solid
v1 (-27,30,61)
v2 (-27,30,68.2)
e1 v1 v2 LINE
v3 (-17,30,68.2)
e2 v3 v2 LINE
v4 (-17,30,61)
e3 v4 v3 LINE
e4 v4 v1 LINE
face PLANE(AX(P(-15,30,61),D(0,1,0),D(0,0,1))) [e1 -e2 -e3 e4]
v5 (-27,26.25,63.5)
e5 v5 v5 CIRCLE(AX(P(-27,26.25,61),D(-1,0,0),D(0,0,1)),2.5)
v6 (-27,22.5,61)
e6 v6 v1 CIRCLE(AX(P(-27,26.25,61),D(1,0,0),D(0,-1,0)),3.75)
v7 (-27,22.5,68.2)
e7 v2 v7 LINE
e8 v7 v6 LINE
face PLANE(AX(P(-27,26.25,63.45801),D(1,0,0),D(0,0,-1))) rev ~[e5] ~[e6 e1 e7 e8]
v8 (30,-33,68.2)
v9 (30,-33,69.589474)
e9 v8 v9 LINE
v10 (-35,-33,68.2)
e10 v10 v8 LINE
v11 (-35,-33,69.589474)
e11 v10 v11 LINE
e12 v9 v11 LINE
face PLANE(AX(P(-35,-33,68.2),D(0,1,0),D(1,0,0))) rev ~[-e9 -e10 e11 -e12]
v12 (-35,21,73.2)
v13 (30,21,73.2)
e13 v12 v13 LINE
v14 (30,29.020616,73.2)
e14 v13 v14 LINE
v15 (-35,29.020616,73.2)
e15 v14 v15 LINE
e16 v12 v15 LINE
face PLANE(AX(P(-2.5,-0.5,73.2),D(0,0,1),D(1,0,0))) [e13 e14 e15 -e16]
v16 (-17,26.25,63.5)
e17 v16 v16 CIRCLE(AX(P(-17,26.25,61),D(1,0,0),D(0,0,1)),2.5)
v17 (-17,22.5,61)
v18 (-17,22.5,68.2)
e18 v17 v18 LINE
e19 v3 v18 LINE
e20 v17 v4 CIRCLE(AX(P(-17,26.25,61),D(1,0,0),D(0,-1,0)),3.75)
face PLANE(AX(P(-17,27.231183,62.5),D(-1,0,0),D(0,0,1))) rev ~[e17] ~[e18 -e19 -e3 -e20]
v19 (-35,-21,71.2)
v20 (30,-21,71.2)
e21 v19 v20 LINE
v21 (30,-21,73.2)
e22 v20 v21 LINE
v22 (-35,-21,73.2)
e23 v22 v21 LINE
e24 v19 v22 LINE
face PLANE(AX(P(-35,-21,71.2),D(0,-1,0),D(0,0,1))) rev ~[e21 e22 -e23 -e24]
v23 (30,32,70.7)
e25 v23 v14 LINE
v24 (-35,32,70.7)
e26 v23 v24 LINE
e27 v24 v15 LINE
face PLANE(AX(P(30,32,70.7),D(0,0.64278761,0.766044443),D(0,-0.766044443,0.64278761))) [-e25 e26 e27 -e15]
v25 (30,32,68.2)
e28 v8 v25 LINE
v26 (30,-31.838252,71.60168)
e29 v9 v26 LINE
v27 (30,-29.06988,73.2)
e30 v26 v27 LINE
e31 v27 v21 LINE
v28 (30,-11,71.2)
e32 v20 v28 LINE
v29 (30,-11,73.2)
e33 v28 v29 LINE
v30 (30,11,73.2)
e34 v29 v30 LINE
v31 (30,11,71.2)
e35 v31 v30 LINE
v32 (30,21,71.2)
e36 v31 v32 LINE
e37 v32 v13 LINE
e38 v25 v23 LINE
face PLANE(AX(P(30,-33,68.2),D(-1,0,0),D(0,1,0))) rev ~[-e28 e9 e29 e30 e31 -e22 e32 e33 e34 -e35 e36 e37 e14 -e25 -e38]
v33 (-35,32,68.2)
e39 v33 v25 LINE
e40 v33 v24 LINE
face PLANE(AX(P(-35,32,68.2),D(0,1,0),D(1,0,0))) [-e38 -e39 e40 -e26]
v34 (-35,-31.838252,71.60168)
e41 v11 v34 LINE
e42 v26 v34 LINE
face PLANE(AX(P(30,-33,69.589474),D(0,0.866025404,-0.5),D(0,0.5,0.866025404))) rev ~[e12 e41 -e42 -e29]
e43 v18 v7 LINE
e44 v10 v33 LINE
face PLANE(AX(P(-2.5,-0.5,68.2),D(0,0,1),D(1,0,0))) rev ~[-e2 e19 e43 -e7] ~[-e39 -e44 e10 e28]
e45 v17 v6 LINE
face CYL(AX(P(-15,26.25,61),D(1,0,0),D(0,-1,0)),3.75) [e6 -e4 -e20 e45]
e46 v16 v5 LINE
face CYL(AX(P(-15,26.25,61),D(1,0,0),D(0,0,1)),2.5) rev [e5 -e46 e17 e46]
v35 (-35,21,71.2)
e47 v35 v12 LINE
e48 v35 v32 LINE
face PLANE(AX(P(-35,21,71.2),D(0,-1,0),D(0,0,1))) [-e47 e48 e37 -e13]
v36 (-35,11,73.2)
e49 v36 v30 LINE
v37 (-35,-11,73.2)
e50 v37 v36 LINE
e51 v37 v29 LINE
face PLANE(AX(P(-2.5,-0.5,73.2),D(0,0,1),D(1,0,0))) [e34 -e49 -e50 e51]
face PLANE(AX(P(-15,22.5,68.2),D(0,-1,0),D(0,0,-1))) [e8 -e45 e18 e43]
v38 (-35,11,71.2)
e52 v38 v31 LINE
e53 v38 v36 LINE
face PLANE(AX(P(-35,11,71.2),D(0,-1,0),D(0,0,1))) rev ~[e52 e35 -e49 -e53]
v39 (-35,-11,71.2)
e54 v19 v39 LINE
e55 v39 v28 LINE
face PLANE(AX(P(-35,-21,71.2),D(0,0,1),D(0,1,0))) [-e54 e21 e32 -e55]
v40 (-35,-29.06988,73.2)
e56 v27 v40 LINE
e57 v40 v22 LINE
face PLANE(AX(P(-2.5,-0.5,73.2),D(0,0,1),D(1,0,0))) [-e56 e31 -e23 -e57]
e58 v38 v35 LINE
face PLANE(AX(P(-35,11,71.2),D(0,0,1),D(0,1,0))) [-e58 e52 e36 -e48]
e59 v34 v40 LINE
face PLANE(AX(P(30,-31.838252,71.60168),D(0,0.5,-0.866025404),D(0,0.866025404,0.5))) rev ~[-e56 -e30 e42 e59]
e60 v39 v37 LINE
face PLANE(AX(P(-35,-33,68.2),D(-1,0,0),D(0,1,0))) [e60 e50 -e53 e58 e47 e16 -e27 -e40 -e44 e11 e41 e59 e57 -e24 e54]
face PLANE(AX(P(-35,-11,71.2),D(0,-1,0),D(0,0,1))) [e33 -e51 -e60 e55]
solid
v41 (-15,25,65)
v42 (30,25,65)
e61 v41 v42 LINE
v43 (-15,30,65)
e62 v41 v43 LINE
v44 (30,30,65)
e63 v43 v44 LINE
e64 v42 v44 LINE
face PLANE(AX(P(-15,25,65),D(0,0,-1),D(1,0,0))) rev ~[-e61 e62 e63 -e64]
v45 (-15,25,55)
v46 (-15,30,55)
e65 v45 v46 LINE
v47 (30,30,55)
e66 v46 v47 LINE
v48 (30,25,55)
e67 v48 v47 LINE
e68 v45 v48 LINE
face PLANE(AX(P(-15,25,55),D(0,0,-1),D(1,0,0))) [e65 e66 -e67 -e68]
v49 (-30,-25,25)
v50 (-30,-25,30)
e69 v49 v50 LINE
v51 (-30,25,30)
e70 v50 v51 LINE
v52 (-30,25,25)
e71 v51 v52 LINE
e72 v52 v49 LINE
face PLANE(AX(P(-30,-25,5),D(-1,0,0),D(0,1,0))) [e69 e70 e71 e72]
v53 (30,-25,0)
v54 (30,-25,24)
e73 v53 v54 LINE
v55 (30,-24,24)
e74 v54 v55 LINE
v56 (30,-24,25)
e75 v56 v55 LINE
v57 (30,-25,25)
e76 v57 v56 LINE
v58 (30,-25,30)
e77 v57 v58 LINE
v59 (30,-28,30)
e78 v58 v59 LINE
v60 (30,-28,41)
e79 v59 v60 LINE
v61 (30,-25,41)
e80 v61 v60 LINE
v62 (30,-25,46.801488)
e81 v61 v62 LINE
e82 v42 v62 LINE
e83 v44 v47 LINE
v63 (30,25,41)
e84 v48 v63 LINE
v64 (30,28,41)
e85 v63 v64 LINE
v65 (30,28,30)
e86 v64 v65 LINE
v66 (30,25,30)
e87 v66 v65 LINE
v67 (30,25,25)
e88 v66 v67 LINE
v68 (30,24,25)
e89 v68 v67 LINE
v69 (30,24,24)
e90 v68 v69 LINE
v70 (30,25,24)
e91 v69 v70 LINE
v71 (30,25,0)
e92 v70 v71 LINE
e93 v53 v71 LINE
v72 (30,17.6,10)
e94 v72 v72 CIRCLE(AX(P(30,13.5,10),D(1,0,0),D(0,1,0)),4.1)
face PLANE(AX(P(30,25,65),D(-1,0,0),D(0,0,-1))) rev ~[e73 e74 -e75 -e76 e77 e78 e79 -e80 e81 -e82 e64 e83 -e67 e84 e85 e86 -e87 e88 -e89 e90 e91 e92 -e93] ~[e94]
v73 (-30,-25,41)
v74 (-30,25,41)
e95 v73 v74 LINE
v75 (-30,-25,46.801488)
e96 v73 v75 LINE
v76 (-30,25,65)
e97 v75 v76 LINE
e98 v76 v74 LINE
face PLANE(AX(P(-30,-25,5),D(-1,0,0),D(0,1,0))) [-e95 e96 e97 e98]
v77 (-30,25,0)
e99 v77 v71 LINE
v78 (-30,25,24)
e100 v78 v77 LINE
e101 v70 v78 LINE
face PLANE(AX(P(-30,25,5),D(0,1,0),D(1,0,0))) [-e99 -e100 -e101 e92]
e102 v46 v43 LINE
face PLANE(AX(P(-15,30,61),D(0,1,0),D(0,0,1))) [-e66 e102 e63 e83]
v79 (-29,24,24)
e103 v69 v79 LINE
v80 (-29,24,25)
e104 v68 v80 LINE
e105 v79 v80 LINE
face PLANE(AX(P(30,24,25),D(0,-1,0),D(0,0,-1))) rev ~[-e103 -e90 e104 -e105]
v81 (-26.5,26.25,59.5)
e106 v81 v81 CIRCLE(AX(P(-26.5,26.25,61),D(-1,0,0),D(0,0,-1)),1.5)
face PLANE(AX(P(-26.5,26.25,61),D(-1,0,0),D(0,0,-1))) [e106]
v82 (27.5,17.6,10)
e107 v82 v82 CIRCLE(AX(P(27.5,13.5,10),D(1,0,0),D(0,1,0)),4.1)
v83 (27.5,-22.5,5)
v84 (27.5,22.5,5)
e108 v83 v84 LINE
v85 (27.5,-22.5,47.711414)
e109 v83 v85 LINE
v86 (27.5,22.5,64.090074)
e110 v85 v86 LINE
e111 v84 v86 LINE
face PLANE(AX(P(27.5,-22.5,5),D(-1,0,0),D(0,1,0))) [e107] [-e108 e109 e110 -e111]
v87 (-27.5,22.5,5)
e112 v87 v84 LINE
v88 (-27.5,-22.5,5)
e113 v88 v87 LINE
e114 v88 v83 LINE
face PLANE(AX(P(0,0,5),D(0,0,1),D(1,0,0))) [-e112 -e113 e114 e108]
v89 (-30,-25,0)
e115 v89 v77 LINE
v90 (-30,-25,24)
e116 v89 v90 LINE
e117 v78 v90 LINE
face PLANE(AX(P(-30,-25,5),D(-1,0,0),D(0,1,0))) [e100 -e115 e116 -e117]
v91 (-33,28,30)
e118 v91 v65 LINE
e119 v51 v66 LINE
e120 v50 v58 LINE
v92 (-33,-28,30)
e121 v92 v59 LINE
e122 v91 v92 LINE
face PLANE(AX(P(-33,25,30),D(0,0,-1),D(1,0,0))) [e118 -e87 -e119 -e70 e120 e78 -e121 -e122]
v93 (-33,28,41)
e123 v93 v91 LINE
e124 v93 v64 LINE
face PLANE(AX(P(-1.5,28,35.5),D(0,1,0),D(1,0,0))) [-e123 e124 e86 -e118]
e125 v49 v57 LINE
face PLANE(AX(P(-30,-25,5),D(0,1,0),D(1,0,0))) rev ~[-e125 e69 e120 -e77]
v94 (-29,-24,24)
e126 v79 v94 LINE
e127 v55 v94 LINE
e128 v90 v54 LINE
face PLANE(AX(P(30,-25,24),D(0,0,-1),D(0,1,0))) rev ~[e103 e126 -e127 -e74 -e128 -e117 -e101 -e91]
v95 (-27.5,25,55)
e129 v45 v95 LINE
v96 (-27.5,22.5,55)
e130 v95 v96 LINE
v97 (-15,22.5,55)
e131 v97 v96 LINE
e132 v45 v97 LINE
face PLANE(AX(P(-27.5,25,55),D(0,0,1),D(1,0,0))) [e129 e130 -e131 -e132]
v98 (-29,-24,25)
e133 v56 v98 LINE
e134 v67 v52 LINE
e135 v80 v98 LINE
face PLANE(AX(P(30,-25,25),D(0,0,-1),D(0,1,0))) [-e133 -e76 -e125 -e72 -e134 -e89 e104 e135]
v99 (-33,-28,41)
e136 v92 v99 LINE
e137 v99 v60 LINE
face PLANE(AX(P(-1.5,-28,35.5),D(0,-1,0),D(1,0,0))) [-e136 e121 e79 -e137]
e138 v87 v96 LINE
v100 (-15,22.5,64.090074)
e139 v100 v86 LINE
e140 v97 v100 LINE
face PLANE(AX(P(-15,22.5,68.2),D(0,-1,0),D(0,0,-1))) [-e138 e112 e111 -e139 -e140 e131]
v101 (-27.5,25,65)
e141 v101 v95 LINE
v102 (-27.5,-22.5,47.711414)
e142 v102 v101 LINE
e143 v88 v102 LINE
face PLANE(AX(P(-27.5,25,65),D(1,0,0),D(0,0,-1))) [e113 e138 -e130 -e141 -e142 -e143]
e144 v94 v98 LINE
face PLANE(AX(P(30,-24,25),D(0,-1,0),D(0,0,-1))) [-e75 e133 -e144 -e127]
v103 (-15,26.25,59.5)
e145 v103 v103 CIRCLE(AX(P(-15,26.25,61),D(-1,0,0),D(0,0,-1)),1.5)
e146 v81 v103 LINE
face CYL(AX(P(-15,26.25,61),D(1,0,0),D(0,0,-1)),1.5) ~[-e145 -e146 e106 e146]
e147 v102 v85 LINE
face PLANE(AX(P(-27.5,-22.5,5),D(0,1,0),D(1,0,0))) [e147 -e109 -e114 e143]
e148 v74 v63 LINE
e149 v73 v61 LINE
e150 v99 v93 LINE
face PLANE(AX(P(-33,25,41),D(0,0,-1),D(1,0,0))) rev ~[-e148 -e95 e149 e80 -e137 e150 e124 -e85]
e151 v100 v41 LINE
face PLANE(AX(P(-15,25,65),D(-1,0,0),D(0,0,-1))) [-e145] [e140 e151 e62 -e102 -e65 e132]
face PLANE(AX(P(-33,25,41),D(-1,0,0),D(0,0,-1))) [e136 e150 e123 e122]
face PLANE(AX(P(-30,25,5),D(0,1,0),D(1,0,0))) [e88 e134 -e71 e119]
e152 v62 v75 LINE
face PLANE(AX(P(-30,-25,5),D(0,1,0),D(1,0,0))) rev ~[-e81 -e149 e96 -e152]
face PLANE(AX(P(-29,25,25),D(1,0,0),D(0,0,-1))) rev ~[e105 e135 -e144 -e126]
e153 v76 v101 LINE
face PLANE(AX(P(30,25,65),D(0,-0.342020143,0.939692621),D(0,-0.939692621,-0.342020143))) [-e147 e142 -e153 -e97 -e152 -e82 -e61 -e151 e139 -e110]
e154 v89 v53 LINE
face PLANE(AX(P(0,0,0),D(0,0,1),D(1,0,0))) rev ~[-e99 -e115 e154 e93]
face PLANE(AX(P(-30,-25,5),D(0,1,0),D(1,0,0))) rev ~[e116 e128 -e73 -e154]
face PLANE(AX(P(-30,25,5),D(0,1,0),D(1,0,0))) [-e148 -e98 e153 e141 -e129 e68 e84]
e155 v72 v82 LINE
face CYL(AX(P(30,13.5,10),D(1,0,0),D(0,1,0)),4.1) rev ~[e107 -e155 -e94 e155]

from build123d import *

# Parameters (mm, degrees)
CROQUIS2_W               = 60
CROQUIS2_H               = 50
SALIENTE_EXTRUIR2_DEPTH  = 5
CROQUIS3_W               = 60
CROQUIS3_H               = 50
CROQUIS3_W_2             = 55
CROQUIS3_H_2             = 45
SALIENTE_EXTRUIR3_DEPTH  = 60
CROQUIS4_R               = 4.1
CORTAR_EXTRUIR2_DEPTH    = 5
CORTAR_EXTRUIR3_DEPTH    = 92.923881554
CROQUIS18_W              = 11
CROQUIS18_H              = 50
SALIENTE_EXTRUIR10_DEPTH = 3
CROQUIS19_W              = 63
CROQUIS19_H              = 11
SALIENTE_EXTRUIR11_DEPTH = 3
CROQUIS20_W              = 63
CROQUIS20_H              = 11
SALIENTE_EXTRUIR12_DEPTH = 3
CROQUIS21_W              = 1
CROQUIS21_H              = 1
CORTAR_EXTRUIR8_DEPTH    = 65
CROQUIS23_W              = 1
CROQUIS23_H              = 1
CORTAR_EXTRUIR10_DEPTH   = 65
CROQUIS22_W              = 1
CROQUIS22_H              = 1
CORTAR_EXTRUIR9_DEPTH    = 65
CROQUIS29_W              = 45
CROQUIS29_H              = 10
SALIENTE_EXTRUIR13_DEPTH = 5
CROQUIS30_W              = 12.5
CROQUIS30_H              = 10
CORTAR_EXTRUIR11_DEPTH   = 3
CROQUIS31_R              = 1.5
SALIENTE_EXTRUIR14_DEPTH = 11.5
CROQUIS32_R              = 2.5
SALIENTE_EXTRUIR15_DEPTH = 12
CROQUIS33_W              = 15
CROQUIS33_H              = 9.46236556
CROQUIS33_R              = 1.5
CORTAR_EXTRUIR12_DEPTH   = 2
CROQUIS34_W              = 65
CROQUIS34_H              = 65
SALIENTE_EXTRUIR16_DEPTH = 5
CORTAR_EXTRUIR13_DEPTH   = 65
CORTAR_EXTRUIR14_DEPTH   = 65
CROQUIS38_W              = 2
CROQUIS38_H              = 10
CORTAR_EXTRUIR15_DEPTH   = 65


with BuildPart() as part:
    # Croquis2 → Saliente-Extruir2 (new body)
    with BuildSketch(Plane.XY):
        Rectangle(CROQUIS2_W, CROQUIS2_H)
    extrude(amount=SALIENTE_EXTRUIR2_DEPTH)

    # Croquis3 → Saliente-Extruir3 (add)
    with BuildSketch(Plane.XY.offset(5)):
        Rectangle(CROQUIS3_W, CROQUIS3_H)
        Rectangle(CROQUIS3_W_2, CROQUIS3_H_2, mode=Mode.SUBTRACT)
    extrude(amount=SALIENTE_EXTRUIR3_DEPTH)

    # Croquis4 → Cortar-Extruir2 (cut)
    with BuildSketch(Plane(origin=(30, 0, 0), x_dir=(0, 0, -1), z_dir=(1, 0, 0))):
        with Locations(Location((-10, 13.5, 0), (0, 0, 90))):
            Circle(CROQUIS4_R)
    extrude(amount=-CORTAR_EXTRUIR2_DEPTH, mode=Mode.SUBTRACT)

    # Croquis5 → Cortar-Extruir3 (cut, through all)
    with BuildSketch(Plane(origin=(30, 0, 0), x_dir=(0, 0, -1), z_dir=(1, 0, 0))):
        Polygon((-65, 25), (-46.801488287, -25), (-65, -25), align=None)
    extrude(amount=-CORTAR_EXTRUIR3_DEPTH, mode=Mode.SUBTRACT)

    # Croquis18 → Saliente-Extruir10 (add)
    with BuildSketch(Plane.ZY.offset(30)):
        with Locations((35.5, 0)):
            Rectangle(CROQUIS18_W, CROQUIS18_H)
    extrude(amount=SALIENTE_EXTRUIR10_DEPTH)

    # Croquis19 → Saliente-Extruir11 (add)
    with BuildSketch(Plane.XZ.offset(25)):
        with Locations((-1.5, 35.5)):
            Rectangle(CROQUIS19_W, CROQUIS19_H)
    extrude(amount=SALIENTE_EXTRUIR11_DEPTH)

    # Croquis20 → Saliente-Extruir12 (add)
    with BuildSketch(Plane(origin=(0, 25, 0), x_dir=(1, 0, 0), z_dir=(0, 1, 0))):
        with Locations((-1.5, -35.5)):
            Rectangle(CROQUIS20_W, CROQUIS20_H)
    extrude(amount=SALIENTE_EXTRUIR12_DEPTH)

    # Croquis21 → Cortar-Extruir8 (cut)
    with BuildSketch(Plane(origin=(30, 0, 0), x_dir=(0, 0, -1), z_dir=(1, 0, 0))):
        with Locations((-24.5, -24.5)):
            Rectangle(CROQUIS21_W, CROQUIS21_H)
    extrude(amount=-CORTAR_EXTRUIR8_DEPTH, mode=Mode.SUBTRACT)

    # Croquis23 → Cortar-Extruir10 (cut)
    with BuildSketch(Plane(origin=(30, 0, 0), x_dir=(0, 0, -1), z_dir=(1, 0, 0))):
        with Locations((-24.5, 24.5)):
            Rectangle(CROQUIS23_W, CROQUIS23_H)
    extrude(amount=-CORTAR_EXTRUIR10_DEPTH, mode=Mode.SUBTRACT)

    # Croquis22 → Cortar-Extruir9 (cut)
    with BuildSketch(Plane(origin=(0, 25, 0), x_dir=(1, 0, 0), z_dir=(0, 1, 0))):
        with Locations((-29.5, -24.5)):
            Rectangle(CROQUIS22_W, CROQUIS22_H)
    extrude(amount=-CORTAR_EXTRUIR9_DEPTH, mode=Mode.SUBTRACT)

    # Croquis29 → Saliente-Extruir13 (add)
    with BuildSketch(Plane(origin=(0, 25, 0), x_dir=(1, 0, 0), z_dir=(0, 1, 0))):
        with Locations((7.5, -60)):
            Rectangle(CROQUIS29_W, CROQUIS29_H)
    extrude(amount=SALIENTE_EXTRUIR13_DEPTH)

    # Croquis30 → Cortar-Extruir11 (cut)
    with BuildSketch(Plane(origin=(0, 25, 0), x_dir=(1, 0, 0), z_dir=(0, 1, 0))):
        with Locations((-21.25, -60)):
            Rectangle(CROQUIS30_W, CROQUIS30_H)
    extrude(amount=-CORTAR_EXTRUIR11_DEPTH, mode=Mode.SUBTRACT)

    # Croquis31 → Saliente-Extruir14 (add)
    with BuildSketch(Plane.ZY.offset(15)):
        with Locations(Location((61, 26.25, 0), (0, 0, 180))):
            Circle(CROQUIS31_R)
    extrude(amount=SALIENTE_EXTRUIR14_DEPTH)

    # Croquis32 → Saliente-Extruir15 (add)
    with BuildSketch(Plane.ZY.offset(15)):
        with BuildLine():
            Line((61, 30), (68.2, 30))
            Line((68.2, 30), (68.2, 22.5))
            Line((68.2, 22.5), (61, 22.5))
            ThreePointArc((61, 22.5), (57.25, 26.25), (61, 30))
        make_face()
        with Locations((61, 26.25)):
            Circle(CROQUIS32_R, mode=Mode.SUBTRACT)
    extrude(amount=SALIENTE_EXTRUIR15_DEPTH)

    # Croquis33 → Cortar-Extruir12 (cut)
    with BuildSketch(Plane.ZY.offset(15)):
        with Locations((62.5, 27.23118278)):
            Rectangle(CROQUIS33_W, CROQUIS33_H)
        with Locations(Location((61, 26.25, 0), (0, 0, 180))):
            Circle(CROQUIS33_R, mode=Mode.SUBTRACT)
    extrude(amount=CORTAR_EXTRUIR12_DEPTH, mode=Mode.SUBTRACT)


with BuildPart() as cortar_extruir12_piece_1:
    # of the separate pieces the step leaves, piece 1, a body of its own (cortar_extruir12_pieces)
    add(part.part.solids().sort_by_distance((-30, 25, 0))[0])


with BuildPart() as cortar_extruir12_piece_2:
    # of the separate pieces the step leaves, piece 2, a body of its own (cortar_extruir12_pieces)
    add(part.part.solids().sort_by_distance((-17, 30, 61))[0])

    # Croquis34 → Saliente-Extruir16 (add)
    with BuildSketch(Plane.XY.offset(68.2)):
        with Locations((-2.5, -0.5)):
            Rectangle(CROQUIS34_W, CROQUIS34_H)
    extrude(amount=SALIENTE_EXTRUIR16_DEPTH)

    # Croquis36 → Cortar-Extruir13 (cut)
    with BuildSketch(Plane(origin=(30, 0, 0), x_dir=(0, 0, -1), z_dir=(1, 0, 0))):
        Polygon((-70.7, 32), (-73.2, 29.020616019), (-73.2, 32), align=None)
    extrude(amount=-CORTAR_EXTRUIR13_DEPTH, mode=Mode.SUBTRACT)

    # Croquis37 → Cortar-Extruir14 (cut)
    with BuildSketch(Plane(origin=(30, 0, 0), x_dir=(0, 0, -1), z_dir=(1, 0, 0))):
        Polygon((-69.58947368, -33), (-71.601679744, -31.838252288), (-73.2, -29.069880397), (-73.2, -33), align=None)
    extrude(amount=-CORTAR_EXTRUIR14_DEPTH, mode=Mode.SUBTRACT)

    # Croquis38 → Cortar-Extruir15 (cut)
    with BuildSketch(Plane.ZY.offset(35)):
        with Locations((72.2, -16)):
            Rectangle(CROQUIS38_W, CROQUIS38_H)
        with Locations((72.2, 16)):
            Rectangle(CROQUIS38_W, CROQUIS38_H)
    extrude(amount=-CORTAR_EXTRUIR15_DEPTH, mode=Mode.SUBTRACT)


solid = Compound([cortar_extruir12_piece_1.part, cortar_extruir12_piece_2.part])
